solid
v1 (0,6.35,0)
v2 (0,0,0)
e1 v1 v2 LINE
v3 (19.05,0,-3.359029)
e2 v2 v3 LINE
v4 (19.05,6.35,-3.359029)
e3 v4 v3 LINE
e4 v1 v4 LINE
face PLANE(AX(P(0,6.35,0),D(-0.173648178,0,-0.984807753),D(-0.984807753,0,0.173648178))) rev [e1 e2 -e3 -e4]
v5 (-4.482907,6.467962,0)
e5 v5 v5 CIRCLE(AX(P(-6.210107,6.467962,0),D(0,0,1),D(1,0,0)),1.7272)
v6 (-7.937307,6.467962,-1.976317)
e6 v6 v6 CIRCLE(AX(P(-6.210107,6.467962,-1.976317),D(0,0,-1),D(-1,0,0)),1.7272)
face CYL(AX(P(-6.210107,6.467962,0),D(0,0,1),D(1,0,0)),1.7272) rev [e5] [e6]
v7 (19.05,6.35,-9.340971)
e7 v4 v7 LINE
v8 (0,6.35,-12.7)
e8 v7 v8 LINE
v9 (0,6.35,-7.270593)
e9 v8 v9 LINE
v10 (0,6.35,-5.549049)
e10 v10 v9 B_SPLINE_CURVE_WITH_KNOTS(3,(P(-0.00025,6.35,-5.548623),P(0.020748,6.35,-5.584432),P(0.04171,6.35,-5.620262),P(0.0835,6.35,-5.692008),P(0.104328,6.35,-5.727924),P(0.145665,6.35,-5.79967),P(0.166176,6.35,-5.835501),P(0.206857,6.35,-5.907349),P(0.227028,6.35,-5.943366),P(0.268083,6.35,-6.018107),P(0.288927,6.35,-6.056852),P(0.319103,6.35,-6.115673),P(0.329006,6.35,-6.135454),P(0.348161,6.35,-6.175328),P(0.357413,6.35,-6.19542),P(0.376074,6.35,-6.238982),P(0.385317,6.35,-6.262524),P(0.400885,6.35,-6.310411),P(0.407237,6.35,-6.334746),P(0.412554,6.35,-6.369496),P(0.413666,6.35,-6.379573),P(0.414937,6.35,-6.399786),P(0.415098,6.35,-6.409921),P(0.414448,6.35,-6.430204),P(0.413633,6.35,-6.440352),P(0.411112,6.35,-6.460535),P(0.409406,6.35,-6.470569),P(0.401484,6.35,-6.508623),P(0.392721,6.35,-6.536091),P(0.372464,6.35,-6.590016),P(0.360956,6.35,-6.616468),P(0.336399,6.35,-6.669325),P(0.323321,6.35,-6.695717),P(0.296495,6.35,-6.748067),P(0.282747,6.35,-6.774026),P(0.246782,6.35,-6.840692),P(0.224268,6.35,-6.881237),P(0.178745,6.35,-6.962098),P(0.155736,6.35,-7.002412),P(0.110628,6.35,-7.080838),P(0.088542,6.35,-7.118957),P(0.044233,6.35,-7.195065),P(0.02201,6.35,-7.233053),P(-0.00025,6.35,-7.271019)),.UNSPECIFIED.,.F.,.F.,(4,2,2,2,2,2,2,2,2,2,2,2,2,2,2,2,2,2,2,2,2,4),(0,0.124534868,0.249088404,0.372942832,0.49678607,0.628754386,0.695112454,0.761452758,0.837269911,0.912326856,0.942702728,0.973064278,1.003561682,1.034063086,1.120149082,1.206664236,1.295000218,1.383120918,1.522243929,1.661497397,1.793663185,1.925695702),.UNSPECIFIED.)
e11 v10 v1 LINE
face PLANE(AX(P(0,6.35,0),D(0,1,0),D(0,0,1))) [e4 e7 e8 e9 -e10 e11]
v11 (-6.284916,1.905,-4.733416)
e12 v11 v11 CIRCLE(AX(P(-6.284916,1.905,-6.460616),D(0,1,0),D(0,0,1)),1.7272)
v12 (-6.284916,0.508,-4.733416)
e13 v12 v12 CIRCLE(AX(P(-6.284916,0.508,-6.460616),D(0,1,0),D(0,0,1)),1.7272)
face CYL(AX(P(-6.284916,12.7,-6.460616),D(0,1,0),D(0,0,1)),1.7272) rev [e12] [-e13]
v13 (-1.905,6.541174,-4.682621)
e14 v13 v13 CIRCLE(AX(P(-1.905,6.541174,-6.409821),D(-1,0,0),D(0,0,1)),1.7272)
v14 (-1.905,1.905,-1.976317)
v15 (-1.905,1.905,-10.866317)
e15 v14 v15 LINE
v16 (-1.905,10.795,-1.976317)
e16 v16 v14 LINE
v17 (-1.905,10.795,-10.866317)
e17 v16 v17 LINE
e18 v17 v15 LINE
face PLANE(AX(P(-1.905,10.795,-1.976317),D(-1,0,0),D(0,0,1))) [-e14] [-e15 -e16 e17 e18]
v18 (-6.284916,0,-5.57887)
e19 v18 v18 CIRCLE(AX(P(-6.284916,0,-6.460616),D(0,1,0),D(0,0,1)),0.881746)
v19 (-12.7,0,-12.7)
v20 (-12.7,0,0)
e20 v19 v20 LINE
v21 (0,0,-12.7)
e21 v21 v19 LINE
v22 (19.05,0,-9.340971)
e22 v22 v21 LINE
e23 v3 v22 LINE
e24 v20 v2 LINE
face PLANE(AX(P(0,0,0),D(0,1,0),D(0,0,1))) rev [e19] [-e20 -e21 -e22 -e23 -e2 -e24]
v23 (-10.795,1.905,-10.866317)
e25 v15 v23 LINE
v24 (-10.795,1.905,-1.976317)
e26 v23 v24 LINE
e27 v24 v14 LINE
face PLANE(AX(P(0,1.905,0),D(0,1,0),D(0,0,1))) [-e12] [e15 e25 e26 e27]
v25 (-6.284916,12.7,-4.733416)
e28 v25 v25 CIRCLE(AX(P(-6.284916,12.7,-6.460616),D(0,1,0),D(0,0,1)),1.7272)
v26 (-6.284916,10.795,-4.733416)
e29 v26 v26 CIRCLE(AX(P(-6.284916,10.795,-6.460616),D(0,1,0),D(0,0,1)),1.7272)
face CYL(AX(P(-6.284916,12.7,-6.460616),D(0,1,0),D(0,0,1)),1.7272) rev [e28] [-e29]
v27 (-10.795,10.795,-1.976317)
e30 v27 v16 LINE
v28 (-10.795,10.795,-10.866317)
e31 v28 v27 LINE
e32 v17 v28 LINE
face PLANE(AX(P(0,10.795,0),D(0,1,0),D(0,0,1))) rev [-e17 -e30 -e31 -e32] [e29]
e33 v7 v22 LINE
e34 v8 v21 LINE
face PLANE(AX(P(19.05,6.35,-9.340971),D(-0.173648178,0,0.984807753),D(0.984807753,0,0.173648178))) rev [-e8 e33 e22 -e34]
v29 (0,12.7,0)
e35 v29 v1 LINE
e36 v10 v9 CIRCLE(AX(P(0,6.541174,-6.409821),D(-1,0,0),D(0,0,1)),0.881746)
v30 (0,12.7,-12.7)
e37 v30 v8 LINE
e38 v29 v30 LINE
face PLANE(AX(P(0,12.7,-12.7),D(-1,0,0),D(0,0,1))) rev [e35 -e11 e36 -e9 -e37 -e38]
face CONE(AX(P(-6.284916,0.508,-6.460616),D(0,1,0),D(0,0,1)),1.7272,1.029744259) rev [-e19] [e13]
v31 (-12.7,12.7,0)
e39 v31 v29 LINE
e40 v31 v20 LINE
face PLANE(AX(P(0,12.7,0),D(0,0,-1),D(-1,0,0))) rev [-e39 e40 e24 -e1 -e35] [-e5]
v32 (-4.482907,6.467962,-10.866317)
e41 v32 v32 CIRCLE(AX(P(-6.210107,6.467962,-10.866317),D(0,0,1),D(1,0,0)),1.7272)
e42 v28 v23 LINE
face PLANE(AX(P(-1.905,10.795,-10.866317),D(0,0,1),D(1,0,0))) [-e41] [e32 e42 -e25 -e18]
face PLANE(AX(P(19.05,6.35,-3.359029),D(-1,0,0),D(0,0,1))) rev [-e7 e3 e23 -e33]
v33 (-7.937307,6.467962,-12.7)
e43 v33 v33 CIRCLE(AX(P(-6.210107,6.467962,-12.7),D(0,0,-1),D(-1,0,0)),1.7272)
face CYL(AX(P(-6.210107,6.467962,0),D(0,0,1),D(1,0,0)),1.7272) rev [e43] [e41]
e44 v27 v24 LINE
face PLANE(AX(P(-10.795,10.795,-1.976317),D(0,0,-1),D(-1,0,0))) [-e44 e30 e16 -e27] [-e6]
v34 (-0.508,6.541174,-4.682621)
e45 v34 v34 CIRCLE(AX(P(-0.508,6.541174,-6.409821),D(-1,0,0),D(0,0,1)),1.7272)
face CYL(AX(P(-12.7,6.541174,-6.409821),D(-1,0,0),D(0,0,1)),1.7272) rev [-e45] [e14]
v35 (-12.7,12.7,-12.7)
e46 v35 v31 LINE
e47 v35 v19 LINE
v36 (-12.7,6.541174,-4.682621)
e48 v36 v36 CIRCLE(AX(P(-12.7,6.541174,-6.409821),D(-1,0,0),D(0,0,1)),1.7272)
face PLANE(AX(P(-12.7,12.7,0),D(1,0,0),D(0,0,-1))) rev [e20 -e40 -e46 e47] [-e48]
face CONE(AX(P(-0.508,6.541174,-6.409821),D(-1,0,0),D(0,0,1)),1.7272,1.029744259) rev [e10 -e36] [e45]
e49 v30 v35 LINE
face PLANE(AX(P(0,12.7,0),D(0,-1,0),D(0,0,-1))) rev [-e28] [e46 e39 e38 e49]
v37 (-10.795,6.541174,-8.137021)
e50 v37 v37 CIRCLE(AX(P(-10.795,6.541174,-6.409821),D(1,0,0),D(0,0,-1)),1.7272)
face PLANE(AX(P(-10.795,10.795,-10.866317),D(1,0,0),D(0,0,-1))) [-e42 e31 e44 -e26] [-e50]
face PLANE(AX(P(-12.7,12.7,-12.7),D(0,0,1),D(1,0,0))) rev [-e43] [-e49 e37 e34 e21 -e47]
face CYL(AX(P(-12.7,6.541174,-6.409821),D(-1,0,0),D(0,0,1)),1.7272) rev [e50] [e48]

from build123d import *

# Parameters (mm, degrees)
BOSS_EXTRUDE1_DEPTH       = 6.35
SKETCH2_W                 = 12.7
SKETCH2_H                 = 12.7
BOSS_EXTRUDE2_DEPTH       = 12.7
CUT_EXTRUDE1_DEPTH        = 4.445
CUT_EXTRUDE1_DEPTH_BACK   = 4.445
CUT_EXTRUDE1_START        = 6.35
SKETCH3_W                 = 8.89
SKETCH3_H                 = 8.89
F_8_32_TAPPED_HOLE1_D     = 3.4544
F_8_32_TAPPED_HOLE1_DEPTH = 12.28344
F_8_32_TAPPED_HOLE1_TIP   = 1.037806461
F_8_32_TAPPED_HOLE2_D     = 3.4544
F_8_32_TAPPED_HOLE2_DEPTH = 12.192
F_8_32_TAPPED_HOLE2_TIP   = 1.037806461
F_8_32_TAPPED_HOLE3_D     = 3.4544
F_8_32_TAPPED_HOLE3_DEPTH = 12.192
F_8_32_TAPPED_HOLE3_TIP   = 1.037806461
F_8_32_TAPPED_HOLE4_D     = 3.4544
F_8_32_TAPPED_HOLE4_DEPTH = 12.192
F_8_32_TAPPED_HOLE4_TIP   = 1.037806461


with BuildPart() as part:
    # Sketch1 → Boss-Extrude1 (new body)
    with BuildSketch(Plane(origin=(0, 0, 0), x_dir=(1, 0, 0), z_dir=(0, 1, 0))):
        Polygon((0, 0), (19.05, 3.359028982), (19.05, 9.340971018), (0, 12.7), align=None)
    extrude(amount=BOSS_EXTRUDE1_DEPTH)

    # Sketch2 → Boss-Extrude2 (add)
    with BuildSketch(Plane(origin=(0, 0, 0), x_dir=(1, 0, 0), z_dir=(0, 1, 0))):
        with Locations((-6.35, 6.35)):
            Rectangle(SKETCH2_W, SKETCH2_H)
    extrude(amount=BOSS_EXTRUDE2_DEPTH)

    # Sketch3 → Cut-Extrude1 (cut, two sides: drawn at the far end of the back side and taken through both)
    with BuildSketch(Plane(origin=(0, 0, 0), x_dir=(1, 0, 0), z_dir=(0, 1, 0)).offset(CUT_EXTRUDE1_START - CUT_EXTRUDE1_DEPTH_BACK)):
        with Locations((-6.35, 6.421317362)):
            Rectangle(SKETCH3_W, SKETCH3_H)
    extrude(amount=CUT_EXTRUDE1_DEPTH + CUT_EXTRUDE1_DEPTH_BACK, mode=Mode.SUBTRACT)

    # #8-32 Tapped Hole1
    with Locations(Plane.XY):
        with Locations((-6.210106544, 6.467962425), (-17.791429467, 4.563139576)):
            Hole(F_8_32_TAPPED_HOLE1_D / 2, depth=F_8_32_TAPPED_HOLE1_DEPTH)
            with Locations((0, 0, -(F_8_32_TAPPED_HOLE1_DEPTH + F_8_32_TAPPED_HOLE1_TIP / 2))):  # 118° drill point
                Cone(0, F_8_32_TAPPED_HOLE1_D / 2, F_8_32_TAPPED_HOLE1_TIP, mode=Mode.SUBTRACT)

    # #8-32 Tapped Hole2
    with Locations(Plane(origin=(0, 0, -12.7), x_dir=(-1, 0, 0), z_dir=(0, 0, -1))):
        with Locations((6.210106544, 6.467962425)):
            Hole(F_8_32_TAPPED_HOLE2_D / 2, depth=F_8_32_TAPPED_HOLE2_DEPTH)
            with Locations((0, 0, -(F_8_32_TAPPED_HOLE2_DEPTH + F_8_32_TAPPED_HOLE2_TIP / 2))):  # 118° drill point
                Cone(0, F_8_32_TAPPED_HOLE2_D / 2, F_8_32_TAPPED_HOLE2_TIP, mode=Mode.SUBTRACT)

    # #8-32 Tapped Hole3
    with Locations(Plane(origin=(0, 12.7, 0), x_dir=(1, 0, 0), z_dir=(0, 1, 0))):
        with Locations((-6.284915842, 6.460616317)):
            Hole(F_8_32_TAPPED_HOLE3_D / 2, depth=F_8_32_TAPPED_HOLE3_DEPTH)
            with Locations((0, 0, -(F_8_32_TAPPED_HOLE3_DEPTH + F_8_32_TAPPED_HOLE3_TIP / 2))):  # 118° drill point
                Cone(0, F_8_32_TAPPED_HOLE3_D / 2, F_8_32_TAPPED_HOLE3_TIP, mode=Mode.SUBTRACT)

    # #8-32 Tapped Hole4
    with Locations(Plane.ZY.offset(12.7)):
        with Locations((-6.409821041, 6.541174093)):
            Hole(F_8_32_TAPPED_HOLE4_D / 2, depth=F_8_32_TAPPED_HOLE4_DEPTH)
            with Locations((0, 0, -(F_8_32_TAPPED_HOLE4_DEPTH + F_8_32_TAPPED_HOLE4_TIP / 2))):  # 118° drill point
                Cone(0, F_8_32_TAPPED_HOLE4_D / 2, F_8_32_TAPPED_HOLE4_TIP, mode=Mode.SUBTRACT)


solid = part.part
